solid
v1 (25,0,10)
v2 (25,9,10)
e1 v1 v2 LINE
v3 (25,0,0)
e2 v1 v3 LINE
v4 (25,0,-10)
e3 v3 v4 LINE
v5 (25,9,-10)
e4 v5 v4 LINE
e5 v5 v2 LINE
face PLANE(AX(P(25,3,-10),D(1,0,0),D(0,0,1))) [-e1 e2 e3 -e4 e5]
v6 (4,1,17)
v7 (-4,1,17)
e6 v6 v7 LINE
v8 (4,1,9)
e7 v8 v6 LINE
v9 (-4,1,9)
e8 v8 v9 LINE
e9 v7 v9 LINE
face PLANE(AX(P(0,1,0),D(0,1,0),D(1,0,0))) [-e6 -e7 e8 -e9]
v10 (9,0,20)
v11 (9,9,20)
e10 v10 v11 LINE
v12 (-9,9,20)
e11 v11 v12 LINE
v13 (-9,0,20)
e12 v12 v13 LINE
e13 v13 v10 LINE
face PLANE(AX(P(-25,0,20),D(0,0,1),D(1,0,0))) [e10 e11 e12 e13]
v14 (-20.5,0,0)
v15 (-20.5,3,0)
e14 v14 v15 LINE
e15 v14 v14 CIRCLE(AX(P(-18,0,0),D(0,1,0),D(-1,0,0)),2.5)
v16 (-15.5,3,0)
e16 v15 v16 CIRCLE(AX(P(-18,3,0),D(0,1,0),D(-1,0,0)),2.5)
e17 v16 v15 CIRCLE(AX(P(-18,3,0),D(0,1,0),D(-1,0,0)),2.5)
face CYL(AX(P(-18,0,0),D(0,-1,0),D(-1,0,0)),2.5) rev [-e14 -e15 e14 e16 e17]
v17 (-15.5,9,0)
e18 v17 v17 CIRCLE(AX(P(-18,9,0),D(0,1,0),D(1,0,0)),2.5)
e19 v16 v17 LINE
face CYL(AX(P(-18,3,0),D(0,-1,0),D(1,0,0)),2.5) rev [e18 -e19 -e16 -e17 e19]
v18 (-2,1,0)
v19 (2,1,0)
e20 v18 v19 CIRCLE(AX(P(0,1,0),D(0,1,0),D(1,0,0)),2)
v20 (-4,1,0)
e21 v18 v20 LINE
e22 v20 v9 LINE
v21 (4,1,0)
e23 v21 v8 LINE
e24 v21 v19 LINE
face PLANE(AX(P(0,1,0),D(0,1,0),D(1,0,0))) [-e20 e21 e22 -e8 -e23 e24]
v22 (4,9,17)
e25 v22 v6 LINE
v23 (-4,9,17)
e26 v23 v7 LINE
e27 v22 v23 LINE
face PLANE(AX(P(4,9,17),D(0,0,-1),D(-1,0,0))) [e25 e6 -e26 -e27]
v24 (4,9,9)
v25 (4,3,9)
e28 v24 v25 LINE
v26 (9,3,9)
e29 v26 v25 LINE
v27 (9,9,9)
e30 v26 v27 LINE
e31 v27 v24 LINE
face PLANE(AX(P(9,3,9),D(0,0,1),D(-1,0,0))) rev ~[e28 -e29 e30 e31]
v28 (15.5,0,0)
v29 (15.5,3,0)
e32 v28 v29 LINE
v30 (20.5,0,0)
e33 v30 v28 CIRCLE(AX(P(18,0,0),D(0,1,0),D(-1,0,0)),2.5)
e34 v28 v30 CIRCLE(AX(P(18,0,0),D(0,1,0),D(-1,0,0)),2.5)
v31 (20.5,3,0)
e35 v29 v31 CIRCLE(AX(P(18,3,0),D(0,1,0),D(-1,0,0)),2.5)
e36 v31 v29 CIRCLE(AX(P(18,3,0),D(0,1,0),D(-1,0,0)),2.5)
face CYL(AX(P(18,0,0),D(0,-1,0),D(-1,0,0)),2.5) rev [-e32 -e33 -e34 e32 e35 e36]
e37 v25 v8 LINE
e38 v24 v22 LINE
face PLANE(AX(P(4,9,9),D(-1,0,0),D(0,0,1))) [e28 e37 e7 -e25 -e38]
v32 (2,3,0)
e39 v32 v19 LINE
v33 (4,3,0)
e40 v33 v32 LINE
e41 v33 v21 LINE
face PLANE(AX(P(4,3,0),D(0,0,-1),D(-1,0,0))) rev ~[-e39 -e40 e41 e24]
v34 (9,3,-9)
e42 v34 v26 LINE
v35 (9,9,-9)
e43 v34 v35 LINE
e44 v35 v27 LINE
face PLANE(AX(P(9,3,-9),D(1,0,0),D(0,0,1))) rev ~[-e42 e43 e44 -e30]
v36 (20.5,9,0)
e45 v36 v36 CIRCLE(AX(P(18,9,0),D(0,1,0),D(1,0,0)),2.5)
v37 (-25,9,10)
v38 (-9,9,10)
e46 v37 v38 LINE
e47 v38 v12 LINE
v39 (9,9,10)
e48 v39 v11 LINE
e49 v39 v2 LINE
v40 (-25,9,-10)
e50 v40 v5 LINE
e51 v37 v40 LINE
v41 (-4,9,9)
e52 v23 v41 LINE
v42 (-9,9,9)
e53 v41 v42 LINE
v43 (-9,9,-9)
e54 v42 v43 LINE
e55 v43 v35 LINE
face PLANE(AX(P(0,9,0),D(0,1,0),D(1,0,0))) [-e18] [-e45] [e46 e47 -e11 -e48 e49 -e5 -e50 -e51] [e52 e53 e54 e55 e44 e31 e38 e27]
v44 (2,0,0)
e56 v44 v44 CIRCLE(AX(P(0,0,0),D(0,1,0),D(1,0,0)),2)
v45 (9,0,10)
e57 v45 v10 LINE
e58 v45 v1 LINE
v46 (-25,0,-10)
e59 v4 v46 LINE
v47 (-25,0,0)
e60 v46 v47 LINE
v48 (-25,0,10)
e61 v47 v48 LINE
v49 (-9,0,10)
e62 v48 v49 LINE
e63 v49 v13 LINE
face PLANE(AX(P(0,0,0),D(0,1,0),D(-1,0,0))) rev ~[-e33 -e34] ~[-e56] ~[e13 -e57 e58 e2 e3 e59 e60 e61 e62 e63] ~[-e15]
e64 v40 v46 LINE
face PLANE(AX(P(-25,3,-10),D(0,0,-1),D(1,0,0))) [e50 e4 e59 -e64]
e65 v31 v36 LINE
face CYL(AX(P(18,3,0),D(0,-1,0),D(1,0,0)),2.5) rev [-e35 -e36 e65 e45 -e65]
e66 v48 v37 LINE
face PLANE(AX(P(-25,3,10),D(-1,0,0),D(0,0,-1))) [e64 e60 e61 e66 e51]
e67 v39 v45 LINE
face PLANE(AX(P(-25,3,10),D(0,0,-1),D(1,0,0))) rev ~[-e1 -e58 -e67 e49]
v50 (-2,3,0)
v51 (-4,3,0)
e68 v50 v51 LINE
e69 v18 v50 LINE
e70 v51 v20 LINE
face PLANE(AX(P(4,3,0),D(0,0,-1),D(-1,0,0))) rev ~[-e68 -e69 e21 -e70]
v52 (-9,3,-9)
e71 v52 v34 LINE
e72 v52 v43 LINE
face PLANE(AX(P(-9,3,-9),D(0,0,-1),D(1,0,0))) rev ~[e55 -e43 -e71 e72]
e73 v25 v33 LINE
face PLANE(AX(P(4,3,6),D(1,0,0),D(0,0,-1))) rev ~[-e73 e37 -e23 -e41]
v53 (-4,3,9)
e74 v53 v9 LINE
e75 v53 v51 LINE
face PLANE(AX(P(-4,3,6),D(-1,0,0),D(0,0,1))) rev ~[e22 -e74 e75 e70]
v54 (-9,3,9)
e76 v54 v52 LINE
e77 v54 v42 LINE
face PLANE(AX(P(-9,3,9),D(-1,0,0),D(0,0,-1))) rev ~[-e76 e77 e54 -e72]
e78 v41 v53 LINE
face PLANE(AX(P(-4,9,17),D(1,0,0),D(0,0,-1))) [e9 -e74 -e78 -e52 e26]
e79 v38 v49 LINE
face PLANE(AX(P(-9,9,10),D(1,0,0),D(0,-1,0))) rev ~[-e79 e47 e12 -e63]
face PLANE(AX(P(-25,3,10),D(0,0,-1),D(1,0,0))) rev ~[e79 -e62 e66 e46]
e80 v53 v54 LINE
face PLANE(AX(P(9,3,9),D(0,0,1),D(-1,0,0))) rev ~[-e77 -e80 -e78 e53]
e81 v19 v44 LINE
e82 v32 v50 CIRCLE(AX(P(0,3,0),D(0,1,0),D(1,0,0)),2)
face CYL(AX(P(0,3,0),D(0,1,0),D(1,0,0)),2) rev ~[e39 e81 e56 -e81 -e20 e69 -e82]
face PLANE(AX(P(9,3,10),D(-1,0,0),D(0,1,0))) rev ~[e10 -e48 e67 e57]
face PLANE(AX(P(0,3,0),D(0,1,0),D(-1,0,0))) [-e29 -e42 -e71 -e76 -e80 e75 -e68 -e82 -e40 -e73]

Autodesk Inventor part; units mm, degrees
ref_plane "YZ Plane" through (0, 0, 0) normal (1, 0, 0) x (0, 1, 0)
ref_plane "XZ Plane" through (0, 0, 0) normal (0, 1, 0) x (-1, 0, 0)
ref_plane "XY Plane" through (0, 0, 0) normal (0, 0, 1) x (1, 0, 0)
sketch "Sketch1" plane through (0, 0, 0) normal (0, 1, 0) x (-1, 0, 0)
  line L0 (9, 9) -> (-9, 9)
  line L1 (-9, 9) -> (-9, -9)
  line L2 (-9, -9) -> (9, -9)
  line L3 (9, -9) -> (9, 9)
  line L4 (9, 9) -> (-9, -9) construction
  line L5 (-9, 9) -> (9, -9) construction
  line L6 (25, 10) -> (-25, 10)
  line L7 (-25, 10) -> (-25, -10)
  line L8 (-25, -10) -> (25, -10)
  line L9 (25, -10) -> (25, 10)
  line L10 (25, 10) -> (-25, -10) construction
  line L11 (-25, 10) -> (25, -10) construction
  line L12 (25, 0) -> (18, 0)
  line L13 (-25, 0) -> (-18, 0)
  circle A0 centre (18, 0) radius 2.5
  circle A1 centre (-18, 0) radius 2.5
  point P0 (0, 0)
  dimension "d0" = 18
  dimension "d1" = 18
  dimension "d2" = 50
  dimension "d3" = 20
  dimension "d4" = 7
  dimension "d5" = 5
  dimension "d6" = 5
extrude "Extrusion1" add sketch "Sketch1" along normal blind 3 contours L3 L2 L1 L0 | L9 L8 L7 L6
sketch "Sketch2" plane through (0, 3, 0) normal (0, 1, 0) x (1, 0, 0)
  line L0 (-9, 9) -> (9, 9)
  line L1 (9, 9) -> (9, -9)
  line L2 (9, -9) -> (-9, -9)
  line L3 (-9, -9) -> (-9, 9)
  line L4 (-9, 9) -> (9, -9) construction
  line L5 (9, 9) -> (-9, -9) construction
  circle A0 centre (-18, 0) radius 2.5
  circle A1 centre (18, 0) radius 2.5
  line L6 (-25, -10) -> (25, -10) projected
  line L7 (-25, 10) -> (25, 10)
  line L8 (25, 10) -> (25, -10)
  line L9 (25, -10) -> (-25, -10)
  line L10 (-25, -10) -> (-25, 10)
  line L11 (-25, 10) -> (25, -10) construction
  line L12 (25, 10) -> (-25, -10) construction
  point P0 (0, 0)
  dimension "d9" = 18
  dimension "d10" = 18
extrude "Extrusion2" add sketch "Sketch2" along normal blind 6
sketch "Sketch3" plane through (-25, 0, 10) normal (0, 0, 1) x (1, 0, 0)
  line L0 (34, 3) -> (34, 9) projected
  line L1 (16, -9) -> (34, -9)
  line L2 (34, -9) -> (34, 9)
  line L3 (34, 9) -> (16, 9)
  line L4 (16, 9) -> (16, -9)
  line L5 (16, -9) -> (34, 9) construction
  line L6 (34, -9) -> (16, 9) construction
  line L7 (16, 0) -> (34, 0)
  point P0 (25, 0)
extrude "Extrusion3" add sketch "Sketch3" along normal blind 10 contours L2 L7 L4 L3 L0
sketch "Sketch4" plane through (0, 9, 0) normal (0, 1, 0) x (1, 0, 0)
  line L0 (-9, -9) -> (9, -9) projected
  line L1 (0, -9) -> (0, -13)
  line L2 (4, -17) -> (-4, -17)
  line L3 (-4, -17) -> (-4, -9)
  line L4 (-4, -9) -> (4, -9)
  line L5 (4, -9) -> (4, -17)
  line L6 (4, -17) -> (-4, -9) construction
  line L7 (-4, -17) -> (4, -9) construction
  point P0 (0, 0)
  dimension "d15" = 4
  dimension "d16" = 8
extrude "Extrusion4" cut sketch "Sketch4" against normal blind 8
sketch "Sketch5" plane through (0, 3, 0) normal (0, 1, 0) x (1, 0, 0)
  line L0 (-4, -9) -> (4, -9) projected
  line L1 (0, -9) -> (0, -6)
  line L2 (0, -6) -> (-4, -6)
  line L3 (-4, -6) -> (-4, -9)
  line L4 (-4, -9) -> (0, -9)
  line L5 (0, -9) -> (0, -6)
  line L6 (0, -6) -> (4, -6)
  line L7 (4, -6) -> (4, -9)
  line L8 (4, -9) -> (0, -9)
  line L9 (0, -9) -> (0, -6)
  line L10 (-4, -6) -> (4, -6)
  line L11 (4, -6) -> (4, 0)
  line L12 (4, 0) -> (-4, 0)
  line L13 (-4, 0) -> (-4, -6)
  point P0 (0, 0)
  dimension "d19" = 3
extrude "Extrusion5" cut sketch "Sketch5" against normal blind 2
sketch "Sketch6" plane through (0, 3, 0) normal (0, 1, 0) x (1, 0, 0)
  circle A0 centre (0, 0) radius 2
  dimension "d22" = 4
extrude "Extrusion6" cut sketch "Sketch6" against normal through all
properties part number "gps_holder"
